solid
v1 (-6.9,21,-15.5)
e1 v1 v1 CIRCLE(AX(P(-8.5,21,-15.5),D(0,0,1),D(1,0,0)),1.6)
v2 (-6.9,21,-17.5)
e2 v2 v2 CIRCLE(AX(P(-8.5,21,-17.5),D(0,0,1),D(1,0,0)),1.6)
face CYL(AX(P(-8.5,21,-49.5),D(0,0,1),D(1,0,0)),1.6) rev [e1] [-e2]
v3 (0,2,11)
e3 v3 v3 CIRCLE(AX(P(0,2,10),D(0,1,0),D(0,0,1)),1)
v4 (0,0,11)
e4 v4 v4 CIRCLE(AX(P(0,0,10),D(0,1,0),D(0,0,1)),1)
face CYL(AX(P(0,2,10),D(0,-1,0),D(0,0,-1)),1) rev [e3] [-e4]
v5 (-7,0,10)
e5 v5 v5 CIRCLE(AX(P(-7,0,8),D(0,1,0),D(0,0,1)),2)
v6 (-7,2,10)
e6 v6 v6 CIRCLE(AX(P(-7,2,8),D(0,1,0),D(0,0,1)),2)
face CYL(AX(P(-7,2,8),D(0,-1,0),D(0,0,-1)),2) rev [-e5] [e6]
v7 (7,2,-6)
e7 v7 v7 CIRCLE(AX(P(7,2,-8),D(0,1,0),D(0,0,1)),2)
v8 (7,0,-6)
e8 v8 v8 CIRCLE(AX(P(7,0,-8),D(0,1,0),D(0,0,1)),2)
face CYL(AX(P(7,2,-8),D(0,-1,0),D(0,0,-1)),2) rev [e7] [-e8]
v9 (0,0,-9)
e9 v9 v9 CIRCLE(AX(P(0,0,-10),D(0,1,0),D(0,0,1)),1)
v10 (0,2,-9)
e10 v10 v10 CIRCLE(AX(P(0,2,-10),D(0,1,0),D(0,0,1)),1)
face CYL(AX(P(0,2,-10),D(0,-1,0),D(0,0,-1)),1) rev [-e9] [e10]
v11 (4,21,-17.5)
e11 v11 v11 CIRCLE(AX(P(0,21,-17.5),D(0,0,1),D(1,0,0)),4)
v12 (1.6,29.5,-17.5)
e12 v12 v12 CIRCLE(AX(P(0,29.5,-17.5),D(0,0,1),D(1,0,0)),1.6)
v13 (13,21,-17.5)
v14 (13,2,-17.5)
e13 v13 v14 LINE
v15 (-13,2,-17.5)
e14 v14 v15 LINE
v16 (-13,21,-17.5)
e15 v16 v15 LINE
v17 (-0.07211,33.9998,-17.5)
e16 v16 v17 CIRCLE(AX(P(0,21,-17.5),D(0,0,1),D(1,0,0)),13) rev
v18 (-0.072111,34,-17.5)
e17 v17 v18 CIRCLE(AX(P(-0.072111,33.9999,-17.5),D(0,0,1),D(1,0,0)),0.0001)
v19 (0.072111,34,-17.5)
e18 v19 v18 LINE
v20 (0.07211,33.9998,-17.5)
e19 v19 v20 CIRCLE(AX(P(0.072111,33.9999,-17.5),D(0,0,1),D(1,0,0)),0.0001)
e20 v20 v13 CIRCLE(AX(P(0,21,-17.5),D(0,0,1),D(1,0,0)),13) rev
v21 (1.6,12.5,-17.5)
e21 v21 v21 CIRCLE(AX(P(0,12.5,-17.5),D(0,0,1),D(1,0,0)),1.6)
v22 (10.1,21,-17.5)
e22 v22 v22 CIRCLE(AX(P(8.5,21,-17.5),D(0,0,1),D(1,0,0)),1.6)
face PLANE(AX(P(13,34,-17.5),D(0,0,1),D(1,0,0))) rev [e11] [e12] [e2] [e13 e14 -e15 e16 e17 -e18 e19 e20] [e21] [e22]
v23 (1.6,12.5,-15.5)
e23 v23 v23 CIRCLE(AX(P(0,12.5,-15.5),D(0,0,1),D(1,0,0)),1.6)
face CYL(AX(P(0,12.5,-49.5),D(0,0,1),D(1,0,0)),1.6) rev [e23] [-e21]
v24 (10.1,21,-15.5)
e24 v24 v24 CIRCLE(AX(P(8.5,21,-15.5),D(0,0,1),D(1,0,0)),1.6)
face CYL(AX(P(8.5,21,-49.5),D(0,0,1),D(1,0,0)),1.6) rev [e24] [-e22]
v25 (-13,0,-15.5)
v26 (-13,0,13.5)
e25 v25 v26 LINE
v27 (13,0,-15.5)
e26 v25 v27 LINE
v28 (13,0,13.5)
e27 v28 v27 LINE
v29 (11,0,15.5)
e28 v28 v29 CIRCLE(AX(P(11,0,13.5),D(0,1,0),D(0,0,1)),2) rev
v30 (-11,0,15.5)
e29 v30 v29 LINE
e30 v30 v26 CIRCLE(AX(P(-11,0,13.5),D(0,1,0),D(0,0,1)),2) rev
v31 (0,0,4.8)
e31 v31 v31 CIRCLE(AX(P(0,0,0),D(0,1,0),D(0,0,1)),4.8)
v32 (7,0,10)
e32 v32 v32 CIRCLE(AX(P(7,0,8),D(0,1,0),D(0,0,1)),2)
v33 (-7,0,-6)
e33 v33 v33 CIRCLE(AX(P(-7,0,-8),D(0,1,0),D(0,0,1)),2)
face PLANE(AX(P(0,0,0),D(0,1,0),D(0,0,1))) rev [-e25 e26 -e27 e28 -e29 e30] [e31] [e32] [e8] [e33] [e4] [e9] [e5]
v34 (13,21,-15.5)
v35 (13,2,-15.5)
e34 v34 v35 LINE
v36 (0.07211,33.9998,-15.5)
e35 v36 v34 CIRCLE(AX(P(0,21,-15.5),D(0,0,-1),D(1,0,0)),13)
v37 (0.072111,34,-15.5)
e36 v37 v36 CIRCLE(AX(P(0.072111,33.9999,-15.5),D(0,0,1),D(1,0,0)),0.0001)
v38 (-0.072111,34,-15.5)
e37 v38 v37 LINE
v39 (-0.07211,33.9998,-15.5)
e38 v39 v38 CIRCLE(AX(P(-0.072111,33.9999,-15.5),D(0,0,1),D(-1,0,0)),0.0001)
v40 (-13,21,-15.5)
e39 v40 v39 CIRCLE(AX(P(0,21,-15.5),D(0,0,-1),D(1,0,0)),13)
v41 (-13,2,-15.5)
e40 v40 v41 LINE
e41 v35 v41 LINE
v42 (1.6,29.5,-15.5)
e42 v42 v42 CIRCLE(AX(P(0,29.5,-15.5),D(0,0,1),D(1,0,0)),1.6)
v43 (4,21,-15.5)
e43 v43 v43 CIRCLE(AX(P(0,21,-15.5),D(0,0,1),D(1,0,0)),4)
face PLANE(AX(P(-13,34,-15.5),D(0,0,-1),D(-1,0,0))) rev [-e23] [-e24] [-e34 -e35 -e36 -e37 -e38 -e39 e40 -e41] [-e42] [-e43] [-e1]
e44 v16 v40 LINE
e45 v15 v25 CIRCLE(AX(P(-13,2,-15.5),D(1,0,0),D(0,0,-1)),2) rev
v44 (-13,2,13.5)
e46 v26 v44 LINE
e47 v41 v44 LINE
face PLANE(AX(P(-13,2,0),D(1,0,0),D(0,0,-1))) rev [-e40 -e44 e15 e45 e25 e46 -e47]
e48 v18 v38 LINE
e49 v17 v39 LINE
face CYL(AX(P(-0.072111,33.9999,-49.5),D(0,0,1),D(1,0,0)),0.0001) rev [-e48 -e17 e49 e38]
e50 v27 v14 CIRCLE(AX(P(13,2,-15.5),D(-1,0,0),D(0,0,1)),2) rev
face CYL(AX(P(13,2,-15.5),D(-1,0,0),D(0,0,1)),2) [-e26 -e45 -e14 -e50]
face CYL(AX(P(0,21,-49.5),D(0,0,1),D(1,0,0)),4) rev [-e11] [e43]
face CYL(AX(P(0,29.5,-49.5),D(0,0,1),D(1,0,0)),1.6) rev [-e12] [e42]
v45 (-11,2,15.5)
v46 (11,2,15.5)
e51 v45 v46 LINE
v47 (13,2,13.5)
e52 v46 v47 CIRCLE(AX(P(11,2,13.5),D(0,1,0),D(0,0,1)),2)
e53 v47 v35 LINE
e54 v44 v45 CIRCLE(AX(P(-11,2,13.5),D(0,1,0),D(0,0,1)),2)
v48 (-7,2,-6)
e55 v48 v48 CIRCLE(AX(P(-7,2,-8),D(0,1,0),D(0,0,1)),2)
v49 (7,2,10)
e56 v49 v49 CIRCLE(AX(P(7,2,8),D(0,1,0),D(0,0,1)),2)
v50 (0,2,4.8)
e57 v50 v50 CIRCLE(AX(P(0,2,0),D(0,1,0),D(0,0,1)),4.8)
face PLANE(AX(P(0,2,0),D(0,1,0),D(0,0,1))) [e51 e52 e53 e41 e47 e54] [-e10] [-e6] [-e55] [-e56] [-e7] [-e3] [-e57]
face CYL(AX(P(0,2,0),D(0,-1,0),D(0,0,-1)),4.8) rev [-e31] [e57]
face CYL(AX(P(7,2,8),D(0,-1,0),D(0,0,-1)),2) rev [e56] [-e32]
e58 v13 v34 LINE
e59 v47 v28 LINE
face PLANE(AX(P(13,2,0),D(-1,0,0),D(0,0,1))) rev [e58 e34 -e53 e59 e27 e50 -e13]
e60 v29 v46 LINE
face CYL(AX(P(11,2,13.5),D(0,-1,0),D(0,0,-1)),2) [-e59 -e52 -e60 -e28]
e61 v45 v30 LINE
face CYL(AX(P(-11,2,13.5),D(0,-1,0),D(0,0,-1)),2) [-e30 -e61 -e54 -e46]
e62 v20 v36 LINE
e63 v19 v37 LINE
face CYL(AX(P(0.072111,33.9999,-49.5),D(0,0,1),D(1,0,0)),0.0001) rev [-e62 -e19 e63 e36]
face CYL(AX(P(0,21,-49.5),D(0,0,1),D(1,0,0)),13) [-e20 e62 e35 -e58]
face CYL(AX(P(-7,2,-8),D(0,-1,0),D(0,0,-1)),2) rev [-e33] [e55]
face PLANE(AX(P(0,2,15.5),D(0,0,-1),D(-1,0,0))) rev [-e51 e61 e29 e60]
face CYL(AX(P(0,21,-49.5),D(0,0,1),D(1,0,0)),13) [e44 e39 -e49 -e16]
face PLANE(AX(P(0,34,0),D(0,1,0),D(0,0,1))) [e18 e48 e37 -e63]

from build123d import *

# Parameters (mm, degrees)
SKETCH1_W        = 26
SKETCH1_H        = 31
SKETCH1_R        = 4.8
SKETCH1_R_2      = 2
SKETCH1_R_3      = 1
EXTRUSION1_DEPTH = 2
SKETCH2_W        = 26
SKETCH2_H        = 2
EXTRUSION2_DEPTH = 34
SKETCH3_R        = 1.6
SKETCH3_R_2      = 4
SKETCH3_R_3      = 0.0001
EXTRUSION3_DEPTH = 34
FILLET1_R        = 2
FILLET2_R        = 2


with BuildPart() as part:
    # Sketch1 → Extrusion1 (new body)
    with BuildSketch(Plane(origin=(0, 0, 0), x_dir=(-1, 0, 0), z_dir=(0, 1, 0))):
        Rectangle(SKETCH1_W, SKETCH1_H)
        with Locations(Location((0, 0, 0), (0, 0, 90))):
            Circle(SKETCH1_R, mode=Mode.SUBTRACT)
        with Locations(Location((7, 8, 0), (0, 0, 90))):
            Circle(SKETCH1_R_2, mode=Mode.SUBTRACT)
        with Locations(Location((7, -8, 0), (0, 0, 90))):
            Circle(SKETCH1_R_2, mode=Mode.SUBTRACT)
        with Locations(Location((-7, -8, 0), (0, 0, 90))):
            Circle(SKETCH1_R_2, mode=Mode.SUBTRACT)
        with Locations(Location((-7, 8, 0), (0, 0, 90))):
            Circle(SKETCH1_R_2, mode=Mode.SUBTRACT)
        with Locations(Location((0, 10, 0), (0, 0, 90))):
            Circle(SKETCH1_R_3, mode=Mode.SUBTRACT)
        with Locations(Location((0, -10, 0), (0, 0, 90))):
            Circle(SKETCH1_R_3, mode=Mode.SUBTRACT)
    extrude(amount=EXTRUSION1_DEPTH)

    # Sketch2 → Extrusion2 (add)
    with BuildSketch(Plane(origin=(0, 0, 0), x_dir=(-1, 0, 0), z_dir=(0, 1, 0))):
        with Locations((0, -16.5)):
            Rectangle(SKETCH2_W, SKETCH2_H)
    extrude(amount=EXTRUSION2_DEPTH)

    # Sketch3 → Extrusion3 (cut)
    with BuildSketch(Plane.XY.offset(-15.5)):
        with Locations((0, 29.5)):
            Circle(SKETCH3_R)
        with Locations((8.5, 21)):
            Circle(SKETCH3_R)
        with Locations((0, 12.5)):
            Circle(SKETCH3_R)
        with Locations((-8.5, 21)):
            Circle(SKETCH3_R)
        with Locations((0, 21)):
            Circle(SKETCH3_R_2)
        with Locations((-0.072111026, 33.9999)):
            Circle(SKETCH3_R_3)
        with Locations((0.072111026, 33.9999)):
            Circle(SKETCH3_R_3)
        with BuildLine():
            Line((-0.072111026, 34), (-13, 34))
            Line((-13, 34), (-13, 21))
            ThreePointArc((-13, 21), (-9.2178478, 30.166857801), (-0.072111026, 34))
        make_face()
        with BuildLine():
            Line((13, 21), (13, 34))
            Line((13, 34), (0.072111026, 34))
            ThreePointArc((0.072111026, 34), (9.2178478, 30.166857801), (13, 21))
        make_face()
    extrude(amount=-EXTRUSION3_DEPTH, mode=Mode.SUBTRACT)

    # Fillet1
    fillet1_edges = [part.edges().sort_by_distance(p)[0] for p in [
        (0, 0, -17.5),
    ]]
    fillet(fillet1_edges, radius=FILLET1_R)

    # Fillet2
    fillet2_edges = [part.edges().sort_by_distance(p)[0] for p in [
        (-13, 1, 15.5),
        (13, 1, 15.5),
    ]]
    fillet(fillet2_edges, radius=FILLET2_R)


solid = part.part
